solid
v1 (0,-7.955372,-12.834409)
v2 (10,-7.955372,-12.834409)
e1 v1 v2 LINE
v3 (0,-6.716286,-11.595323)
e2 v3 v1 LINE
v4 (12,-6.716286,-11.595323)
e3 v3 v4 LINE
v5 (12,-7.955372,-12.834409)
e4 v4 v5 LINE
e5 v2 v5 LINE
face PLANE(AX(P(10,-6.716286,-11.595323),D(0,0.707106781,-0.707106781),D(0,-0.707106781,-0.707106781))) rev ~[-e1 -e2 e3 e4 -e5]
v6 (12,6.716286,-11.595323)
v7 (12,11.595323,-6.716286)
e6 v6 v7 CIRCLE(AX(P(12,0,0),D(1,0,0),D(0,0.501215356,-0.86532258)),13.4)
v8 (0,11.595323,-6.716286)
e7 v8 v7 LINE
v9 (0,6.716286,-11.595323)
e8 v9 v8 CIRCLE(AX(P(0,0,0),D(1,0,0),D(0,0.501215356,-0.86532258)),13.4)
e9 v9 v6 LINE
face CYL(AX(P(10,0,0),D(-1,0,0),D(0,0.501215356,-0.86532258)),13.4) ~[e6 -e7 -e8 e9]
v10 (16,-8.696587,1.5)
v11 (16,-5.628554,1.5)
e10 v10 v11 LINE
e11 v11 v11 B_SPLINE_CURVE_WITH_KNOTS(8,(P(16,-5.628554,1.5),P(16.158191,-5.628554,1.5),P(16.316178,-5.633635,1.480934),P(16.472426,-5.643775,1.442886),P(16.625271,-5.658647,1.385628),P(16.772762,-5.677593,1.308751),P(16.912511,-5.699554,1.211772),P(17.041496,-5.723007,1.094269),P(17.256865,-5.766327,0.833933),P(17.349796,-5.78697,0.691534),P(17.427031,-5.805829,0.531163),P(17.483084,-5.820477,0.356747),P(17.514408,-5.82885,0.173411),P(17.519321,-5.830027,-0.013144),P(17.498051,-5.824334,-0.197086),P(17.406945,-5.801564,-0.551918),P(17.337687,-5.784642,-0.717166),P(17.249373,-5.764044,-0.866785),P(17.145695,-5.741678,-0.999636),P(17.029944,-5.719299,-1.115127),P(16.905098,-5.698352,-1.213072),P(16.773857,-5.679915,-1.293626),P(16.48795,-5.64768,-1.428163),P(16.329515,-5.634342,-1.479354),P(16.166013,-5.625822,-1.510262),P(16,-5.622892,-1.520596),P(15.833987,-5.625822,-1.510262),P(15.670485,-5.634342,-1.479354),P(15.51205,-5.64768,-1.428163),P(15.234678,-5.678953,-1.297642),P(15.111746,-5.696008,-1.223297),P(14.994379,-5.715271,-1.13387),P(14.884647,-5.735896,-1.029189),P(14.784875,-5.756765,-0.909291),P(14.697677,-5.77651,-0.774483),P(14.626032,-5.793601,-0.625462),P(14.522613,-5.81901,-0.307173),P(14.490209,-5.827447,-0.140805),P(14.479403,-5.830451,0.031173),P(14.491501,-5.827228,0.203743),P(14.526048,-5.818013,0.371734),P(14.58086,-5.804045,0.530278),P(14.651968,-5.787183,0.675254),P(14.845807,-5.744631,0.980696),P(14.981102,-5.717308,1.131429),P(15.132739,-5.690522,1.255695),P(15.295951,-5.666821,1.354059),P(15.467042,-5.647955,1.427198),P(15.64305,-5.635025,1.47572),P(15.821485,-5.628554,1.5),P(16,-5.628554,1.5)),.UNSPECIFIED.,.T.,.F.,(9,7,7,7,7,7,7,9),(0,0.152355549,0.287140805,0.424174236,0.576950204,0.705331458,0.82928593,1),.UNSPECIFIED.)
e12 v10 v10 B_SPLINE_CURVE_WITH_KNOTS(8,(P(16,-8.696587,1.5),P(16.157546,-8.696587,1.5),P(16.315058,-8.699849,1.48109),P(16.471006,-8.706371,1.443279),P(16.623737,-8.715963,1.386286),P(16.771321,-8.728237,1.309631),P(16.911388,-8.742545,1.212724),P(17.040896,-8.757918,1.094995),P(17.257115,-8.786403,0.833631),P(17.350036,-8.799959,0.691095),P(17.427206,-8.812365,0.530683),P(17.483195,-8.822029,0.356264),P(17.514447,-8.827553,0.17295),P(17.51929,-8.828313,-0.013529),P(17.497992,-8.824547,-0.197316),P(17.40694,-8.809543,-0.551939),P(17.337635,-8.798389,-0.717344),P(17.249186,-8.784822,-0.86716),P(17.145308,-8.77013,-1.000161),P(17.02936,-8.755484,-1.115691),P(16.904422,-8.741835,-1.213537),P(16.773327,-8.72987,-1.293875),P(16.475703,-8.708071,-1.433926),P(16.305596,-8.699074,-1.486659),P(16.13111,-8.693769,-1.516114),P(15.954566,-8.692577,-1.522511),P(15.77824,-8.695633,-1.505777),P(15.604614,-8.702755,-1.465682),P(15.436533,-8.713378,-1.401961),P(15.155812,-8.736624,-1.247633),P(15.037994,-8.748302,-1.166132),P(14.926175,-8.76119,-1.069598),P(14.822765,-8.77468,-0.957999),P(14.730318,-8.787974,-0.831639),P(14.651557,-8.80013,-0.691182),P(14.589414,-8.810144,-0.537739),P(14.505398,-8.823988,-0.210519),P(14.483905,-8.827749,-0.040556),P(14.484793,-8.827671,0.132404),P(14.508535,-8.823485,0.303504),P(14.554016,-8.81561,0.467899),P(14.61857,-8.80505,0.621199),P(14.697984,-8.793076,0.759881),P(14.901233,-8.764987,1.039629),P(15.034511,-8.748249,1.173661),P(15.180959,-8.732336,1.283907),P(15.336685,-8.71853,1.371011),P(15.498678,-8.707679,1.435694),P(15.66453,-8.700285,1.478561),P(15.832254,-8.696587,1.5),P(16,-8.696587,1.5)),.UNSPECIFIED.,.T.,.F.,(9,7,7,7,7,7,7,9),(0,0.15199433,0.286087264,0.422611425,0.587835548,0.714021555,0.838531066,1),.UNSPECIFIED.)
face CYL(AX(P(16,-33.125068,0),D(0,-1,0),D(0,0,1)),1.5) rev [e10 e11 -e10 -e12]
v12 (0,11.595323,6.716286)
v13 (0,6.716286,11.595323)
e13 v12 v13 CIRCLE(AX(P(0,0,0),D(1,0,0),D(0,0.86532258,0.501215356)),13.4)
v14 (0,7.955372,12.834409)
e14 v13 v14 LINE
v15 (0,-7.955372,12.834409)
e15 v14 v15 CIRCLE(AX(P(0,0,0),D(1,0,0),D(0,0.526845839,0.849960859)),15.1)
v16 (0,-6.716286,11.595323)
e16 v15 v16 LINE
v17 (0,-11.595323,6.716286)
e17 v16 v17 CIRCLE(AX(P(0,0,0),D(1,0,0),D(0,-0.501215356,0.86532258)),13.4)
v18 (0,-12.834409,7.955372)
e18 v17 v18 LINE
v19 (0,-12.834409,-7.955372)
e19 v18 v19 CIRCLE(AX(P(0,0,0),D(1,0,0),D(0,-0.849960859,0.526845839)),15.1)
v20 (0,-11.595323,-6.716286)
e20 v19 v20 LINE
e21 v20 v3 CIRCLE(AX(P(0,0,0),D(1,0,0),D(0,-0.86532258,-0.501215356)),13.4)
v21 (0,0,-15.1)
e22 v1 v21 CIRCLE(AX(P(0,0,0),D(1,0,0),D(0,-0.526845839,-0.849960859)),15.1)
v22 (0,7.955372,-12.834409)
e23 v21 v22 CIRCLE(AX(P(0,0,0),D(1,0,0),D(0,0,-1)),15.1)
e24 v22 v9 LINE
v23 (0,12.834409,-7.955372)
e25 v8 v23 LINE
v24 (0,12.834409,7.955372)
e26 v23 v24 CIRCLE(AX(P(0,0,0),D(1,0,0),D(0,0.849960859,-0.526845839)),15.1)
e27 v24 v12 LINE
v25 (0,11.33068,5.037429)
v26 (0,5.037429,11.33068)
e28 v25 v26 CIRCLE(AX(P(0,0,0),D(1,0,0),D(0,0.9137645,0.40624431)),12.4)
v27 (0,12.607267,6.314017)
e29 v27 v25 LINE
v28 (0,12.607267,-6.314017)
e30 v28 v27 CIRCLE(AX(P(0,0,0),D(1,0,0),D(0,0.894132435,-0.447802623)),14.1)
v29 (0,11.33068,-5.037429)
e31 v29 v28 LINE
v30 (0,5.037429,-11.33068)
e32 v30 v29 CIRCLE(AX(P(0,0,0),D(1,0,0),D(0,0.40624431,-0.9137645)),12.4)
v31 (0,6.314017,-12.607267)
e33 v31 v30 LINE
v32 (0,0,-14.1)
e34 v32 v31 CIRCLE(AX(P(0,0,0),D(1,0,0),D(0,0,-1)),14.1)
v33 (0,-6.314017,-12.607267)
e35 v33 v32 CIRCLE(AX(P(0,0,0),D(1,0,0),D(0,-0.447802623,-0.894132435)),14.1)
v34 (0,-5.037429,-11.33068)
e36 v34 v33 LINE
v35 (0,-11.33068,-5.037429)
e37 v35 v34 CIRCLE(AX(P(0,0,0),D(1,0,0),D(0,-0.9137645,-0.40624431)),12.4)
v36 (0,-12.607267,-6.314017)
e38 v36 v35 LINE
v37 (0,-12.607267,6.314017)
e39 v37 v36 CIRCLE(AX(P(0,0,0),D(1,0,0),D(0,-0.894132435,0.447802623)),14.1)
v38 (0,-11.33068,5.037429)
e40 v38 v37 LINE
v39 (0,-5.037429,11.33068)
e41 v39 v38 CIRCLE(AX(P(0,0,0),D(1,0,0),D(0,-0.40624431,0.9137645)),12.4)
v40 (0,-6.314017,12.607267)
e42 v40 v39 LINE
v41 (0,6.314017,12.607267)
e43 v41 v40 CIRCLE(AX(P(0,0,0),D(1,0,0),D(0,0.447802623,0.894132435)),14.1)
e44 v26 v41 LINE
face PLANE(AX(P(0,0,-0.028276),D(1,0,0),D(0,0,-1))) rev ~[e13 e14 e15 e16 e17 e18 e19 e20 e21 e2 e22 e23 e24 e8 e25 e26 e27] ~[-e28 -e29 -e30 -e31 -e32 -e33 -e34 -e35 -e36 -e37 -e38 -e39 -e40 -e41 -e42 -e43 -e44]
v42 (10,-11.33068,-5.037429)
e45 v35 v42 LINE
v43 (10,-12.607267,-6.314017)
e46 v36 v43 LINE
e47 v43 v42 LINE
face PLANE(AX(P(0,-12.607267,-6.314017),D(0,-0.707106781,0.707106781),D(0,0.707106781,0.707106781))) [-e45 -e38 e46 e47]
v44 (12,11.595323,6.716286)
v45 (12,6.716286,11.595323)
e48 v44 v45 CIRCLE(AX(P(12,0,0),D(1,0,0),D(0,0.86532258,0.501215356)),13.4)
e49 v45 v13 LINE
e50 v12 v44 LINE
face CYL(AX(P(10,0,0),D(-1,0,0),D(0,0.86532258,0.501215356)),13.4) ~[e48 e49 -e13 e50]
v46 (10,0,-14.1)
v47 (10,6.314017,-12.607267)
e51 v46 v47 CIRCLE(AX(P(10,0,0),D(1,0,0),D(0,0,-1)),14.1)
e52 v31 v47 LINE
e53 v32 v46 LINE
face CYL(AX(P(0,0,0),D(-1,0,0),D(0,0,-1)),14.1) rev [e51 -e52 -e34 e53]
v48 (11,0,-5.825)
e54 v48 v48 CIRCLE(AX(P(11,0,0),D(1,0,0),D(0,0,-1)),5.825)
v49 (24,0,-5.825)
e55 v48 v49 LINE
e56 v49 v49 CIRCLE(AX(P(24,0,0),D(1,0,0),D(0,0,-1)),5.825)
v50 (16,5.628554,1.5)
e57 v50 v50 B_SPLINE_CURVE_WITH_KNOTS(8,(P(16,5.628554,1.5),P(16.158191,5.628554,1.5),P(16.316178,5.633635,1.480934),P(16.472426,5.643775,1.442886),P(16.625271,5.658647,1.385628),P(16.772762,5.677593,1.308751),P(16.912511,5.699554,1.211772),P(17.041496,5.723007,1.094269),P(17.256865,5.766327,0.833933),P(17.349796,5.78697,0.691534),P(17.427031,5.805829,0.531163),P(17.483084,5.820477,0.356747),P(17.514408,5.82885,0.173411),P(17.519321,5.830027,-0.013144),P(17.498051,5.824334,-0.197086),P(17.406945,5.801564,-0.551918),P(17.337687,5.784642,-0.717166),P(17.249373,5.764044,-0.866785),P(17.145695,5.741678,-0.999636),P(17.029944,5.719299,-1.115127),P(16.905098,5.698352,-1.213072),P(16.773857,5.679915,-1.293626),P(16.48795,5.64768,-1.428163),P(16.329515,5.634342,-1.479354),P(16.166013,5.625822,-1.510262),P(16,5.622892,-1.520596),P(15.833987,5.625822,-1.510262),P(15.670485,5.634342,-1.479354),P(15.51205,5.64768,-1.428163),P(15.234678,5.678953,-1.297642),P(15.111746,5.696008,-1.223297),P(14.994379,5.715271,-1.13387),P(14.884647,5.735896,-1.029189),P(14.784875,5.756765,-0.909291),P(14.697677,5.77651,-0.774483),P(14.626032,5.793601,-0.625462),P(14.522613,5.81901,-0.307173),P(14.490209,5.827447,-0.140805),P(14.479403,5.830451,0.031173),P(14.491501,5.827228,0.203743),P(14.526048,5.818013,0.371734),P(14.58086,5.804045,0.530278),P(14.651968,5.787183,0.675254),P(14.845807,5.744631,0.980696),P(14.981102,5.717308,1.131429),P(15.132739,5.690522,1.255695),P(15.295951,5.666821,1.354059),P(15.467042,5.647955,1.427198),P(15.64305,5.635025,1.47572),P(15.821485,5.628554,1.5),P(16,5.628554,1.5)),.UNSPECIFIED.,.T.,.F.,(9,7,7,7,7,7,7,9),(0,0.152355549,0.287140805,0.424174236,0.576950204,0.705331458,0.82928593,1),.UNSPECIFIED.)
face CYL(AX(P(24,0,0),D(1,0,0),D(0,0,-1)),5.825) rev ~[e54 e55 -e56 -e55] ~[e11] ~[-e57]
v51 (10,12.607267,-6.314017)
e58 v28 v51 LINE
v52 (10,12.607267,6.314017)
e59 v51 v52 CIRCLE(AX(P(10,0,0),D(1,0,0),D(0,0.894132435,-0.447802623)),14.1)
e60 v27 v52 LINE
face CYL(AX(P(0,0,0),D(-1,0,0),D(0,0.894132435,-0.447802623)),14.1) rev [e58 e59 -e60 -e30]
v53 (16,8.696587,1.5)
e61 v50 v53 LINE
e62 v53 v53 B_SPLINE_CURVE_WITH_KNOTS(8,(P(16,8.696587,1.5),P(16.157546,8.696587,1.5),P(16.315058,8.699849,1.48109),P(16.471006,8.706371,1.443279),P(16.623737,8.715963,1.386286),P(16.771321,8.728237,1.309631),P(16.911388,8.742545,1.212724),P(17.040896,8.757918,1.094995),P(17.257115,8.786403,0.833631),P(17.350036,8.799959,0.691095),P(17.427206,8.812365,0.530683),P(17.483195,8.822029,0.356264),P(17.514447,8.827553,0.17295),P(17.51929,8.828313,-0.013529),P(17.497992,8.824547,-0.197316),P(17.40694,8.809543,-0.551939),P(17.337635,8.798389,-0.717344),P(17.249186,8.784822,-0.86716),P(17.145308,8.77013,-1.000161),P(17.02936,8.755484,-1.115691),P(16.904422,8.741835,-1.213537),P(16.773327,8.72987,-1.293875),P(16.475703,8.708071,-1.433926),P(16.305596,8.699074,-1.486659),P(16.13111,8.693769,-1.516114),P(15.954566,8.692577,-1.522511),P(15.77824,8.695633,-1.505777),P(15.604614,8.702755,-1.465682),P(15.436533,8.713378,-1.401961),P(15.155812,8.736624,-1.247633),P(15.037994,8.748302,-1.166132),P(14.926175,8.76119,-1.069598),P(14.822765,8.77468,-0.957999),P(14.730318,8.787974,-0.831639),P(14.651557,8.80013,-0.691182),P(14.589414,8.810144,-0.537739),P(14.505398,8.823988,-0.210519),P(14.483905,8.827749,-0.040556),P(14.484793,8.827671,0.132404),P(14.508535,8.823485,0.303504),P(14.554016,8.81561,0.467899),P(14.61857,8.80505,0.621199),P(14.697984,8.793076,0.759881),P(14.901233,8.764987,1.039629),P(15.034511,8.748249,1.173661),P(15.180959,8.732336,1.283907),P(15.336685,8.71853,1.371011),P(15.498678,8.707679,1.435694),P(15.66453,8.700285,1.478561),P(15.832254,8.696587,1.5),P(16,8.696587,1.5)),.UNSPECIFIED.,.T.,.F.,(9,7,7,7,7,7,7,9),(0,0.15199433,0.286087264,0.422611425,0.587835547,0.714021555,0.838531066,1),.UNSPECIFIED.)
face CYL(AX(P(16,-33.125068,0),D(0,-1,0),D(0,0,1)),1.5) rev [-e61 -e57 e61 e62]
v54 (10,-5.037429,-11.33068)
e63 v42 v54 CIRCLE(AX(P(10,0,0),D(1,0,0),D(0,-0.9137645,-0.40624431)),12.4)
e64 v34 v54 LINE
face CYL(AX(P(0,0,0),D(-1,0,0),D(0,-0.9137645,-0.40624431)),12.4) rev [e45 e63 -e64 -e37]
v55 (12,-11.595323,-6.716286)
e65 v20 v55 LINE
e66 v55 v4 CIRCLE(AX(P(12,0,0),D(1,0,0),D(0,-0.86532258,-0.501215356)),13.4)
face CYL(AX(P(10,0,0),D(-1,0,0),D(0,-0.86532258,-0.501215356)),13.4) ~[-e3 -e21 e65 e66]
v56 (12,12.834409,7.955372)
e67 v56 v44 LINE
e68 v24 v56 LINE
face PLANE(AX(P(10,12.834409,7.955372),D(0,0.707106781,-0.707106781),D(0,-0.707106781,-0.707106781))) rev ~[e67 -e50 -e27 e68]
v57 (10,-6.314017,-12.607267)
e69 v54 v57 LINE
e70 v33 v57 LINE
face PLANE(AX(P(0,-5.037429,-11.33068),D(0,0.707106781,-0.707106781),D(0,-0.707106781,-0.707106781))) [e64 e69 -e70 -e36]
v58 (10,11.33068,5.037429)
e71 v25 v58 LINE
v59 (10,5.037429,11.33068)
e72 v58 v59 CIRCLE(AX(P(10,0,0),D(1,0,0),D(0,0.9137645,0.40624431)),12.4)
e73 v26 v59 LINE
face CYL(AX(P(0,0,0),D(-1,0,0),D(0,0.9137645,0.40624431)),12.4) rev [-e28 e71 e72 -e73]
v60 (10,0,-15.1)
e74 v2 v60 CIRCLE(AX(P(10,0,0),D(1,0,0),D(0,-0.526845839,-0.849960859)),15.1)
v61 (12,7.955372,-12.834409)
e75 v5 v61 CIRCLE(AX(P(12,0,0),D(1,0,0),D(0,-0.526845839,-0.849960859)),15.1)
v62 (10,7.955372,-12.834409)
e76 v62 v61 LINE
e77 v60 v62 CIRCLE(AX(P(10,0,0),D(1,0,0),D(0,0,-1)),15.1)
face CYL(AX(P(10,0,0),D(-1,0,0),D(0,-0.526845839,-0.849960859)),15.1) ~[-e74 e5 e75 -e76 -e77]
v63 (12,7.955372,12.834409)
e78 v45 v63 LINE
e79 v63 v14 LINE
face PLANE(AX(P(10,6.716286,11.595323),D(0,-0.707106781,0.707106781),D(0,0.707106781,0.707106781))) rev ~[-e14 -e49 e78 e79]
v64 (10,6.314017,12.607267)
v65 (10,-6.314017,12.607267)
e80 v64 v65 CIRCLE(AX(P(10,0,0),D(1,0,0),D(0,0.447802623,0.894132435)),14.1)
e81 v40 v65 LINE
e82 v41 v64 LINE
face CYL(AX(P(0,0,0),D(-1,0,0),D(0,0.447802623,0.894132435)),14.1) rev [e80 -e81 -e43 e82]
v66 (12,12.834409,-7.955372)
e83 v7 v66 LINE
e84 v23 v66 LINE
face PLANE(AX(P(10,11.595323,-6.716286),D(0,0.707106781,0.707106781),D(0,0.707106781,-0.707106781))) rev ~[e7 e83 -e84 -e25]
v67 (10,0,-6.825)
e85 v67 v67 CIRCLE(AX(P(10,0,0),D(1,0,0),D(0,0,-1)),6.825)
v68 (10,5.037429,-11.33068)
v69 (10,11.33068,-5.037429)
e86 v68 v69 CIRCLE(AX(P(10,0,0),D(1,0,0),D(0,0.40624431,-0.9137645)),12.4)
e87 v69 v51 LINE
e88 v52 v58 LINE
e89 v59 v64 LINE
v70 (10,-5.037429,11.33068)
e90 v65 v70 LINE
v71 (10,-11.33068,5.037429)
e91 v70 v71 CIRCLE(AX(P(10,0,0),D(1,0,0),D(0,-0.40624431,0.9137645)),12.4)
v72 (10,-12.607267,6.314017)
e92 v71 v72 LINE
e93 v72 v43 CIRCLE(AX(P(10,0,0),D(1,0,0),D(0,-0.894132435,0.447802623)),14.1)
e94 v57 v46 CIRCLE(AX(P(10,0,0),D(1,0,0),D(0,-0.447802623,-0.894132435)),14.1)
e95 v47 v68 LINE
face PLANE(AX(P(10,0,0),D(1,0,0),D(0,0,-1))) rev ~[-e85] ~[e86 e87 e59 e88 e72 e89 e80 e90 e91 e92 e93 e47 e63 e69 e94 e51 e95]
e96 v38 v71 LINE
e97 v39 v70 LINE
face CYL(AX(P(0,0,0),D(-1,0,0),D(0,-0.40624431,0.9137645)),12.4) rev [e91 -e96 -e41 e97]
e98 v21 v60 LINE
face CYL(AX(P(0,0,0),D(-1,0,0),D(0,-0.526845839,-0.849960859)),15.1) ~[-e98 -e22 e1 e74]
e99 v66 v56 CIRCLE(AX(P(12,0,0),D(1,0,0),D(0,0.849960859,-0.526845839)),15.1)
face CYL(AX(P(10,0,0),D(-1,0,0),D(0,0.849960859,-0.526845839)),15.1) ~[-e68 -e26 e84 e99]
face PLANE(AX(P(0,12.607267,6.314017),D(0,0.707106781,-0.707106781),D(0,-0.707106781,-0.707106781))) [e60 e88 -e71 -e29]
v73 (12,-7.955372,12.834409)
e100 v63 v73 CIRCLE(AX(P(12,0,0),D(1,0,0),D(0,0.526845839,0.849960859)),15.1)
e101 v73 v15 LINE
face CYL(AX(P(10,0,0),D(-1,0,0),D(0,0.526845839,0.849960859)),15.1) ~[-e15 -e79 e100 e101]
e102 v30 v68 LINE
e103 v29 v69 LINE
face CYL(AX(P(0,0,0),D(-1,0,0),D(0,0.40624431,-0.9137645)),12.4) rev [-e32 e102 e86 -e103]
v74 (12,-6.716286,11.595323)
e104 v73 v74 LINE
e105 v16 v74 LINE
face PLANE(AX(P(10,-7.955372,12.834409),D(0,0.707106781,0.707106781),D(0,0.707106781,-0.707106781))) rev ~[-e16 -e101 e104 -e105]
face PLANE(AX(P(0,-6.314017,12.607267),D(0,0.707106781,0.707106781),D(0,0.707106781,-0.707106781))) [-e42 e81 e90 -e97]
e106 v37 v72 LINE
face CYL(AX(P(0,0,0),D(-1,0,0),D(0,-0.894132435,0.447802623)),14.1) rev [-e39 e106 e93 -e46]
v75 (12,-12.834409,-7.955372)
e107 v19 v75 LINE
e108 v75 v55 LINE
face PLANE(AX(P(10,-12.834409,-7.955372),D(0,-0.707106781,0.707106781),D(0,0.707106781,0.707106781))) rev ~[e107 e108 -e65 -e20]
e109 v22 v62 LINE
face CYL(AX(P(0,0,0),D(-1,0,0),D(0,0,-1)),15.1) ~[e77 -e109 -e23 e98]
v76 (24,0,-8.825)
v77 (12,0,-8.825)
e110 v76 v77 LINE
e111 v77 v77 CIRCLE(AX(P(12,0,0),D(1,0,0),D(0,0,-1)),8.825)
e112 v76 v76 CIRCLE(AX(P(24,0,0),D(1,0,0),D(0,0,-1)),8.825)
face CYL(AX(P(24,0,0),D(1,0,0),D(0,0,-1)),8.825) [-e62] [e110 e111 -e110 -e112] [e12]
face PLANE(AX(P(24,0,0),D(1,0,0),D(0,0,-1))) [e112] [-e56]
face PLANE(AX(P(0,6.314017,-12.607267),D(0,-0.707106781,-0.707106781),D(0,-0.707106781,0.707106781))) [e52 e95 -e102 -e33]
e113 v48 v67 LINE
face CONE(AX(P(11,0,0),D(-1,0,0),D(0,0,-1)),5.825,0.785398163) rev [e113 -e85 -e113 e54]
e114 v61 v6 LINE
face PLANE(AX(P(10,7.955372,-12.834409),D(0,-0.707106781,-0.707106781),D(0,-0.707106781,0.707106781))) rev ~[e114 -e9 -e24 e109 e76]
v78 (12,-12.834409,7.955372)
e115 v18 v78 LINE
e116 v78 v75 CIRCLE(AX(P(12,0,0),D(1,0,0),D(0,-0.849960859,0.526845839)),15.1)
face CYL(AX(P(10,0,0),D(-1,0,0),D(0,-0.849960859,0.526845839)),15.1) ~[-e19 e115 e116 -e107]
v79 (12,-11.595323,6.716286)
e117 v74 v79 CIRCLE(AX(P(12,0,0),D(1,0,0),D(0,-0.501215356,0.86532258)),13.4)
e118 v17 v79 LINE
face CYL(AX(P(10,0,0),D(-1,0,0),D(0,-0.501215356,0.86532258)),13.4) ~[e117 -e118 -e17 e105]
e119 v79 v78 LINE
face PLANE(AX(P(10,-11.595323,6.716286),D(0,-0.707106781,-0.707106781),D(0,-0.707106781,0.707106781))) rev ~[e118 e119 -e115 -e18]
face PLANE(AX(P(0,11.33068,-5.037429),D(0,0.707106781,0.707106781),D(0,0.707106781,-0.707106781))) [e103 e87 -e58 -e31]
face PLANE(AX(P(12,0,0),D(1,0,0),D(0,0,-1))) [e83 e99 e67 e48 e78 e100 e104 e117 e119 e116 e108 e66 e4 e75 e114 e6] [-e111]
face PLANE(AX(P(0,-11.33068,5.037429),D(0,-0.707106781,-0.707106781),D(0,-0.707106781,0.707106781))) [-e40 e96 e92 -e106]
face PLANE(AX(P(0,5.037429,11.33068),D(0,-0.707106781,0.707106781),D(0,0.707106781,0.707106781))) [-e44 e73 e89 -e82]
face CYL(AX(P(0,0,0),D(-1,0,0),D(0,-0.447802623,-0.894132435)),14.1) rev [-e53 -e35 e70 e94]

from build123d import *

# Parameters (mm, degrees)
BOSS_EXTRUDE2_DEPTH     = 10
BOSS_EXTRUDE3_DEPTH     = 2
SKETCH3_R               = 5.825
CUT_EXTRUDE1_DEPTH      = 2
BOSS_EXTRUDE4_START     = 12
SKETCH4_R               = 8.825
SKETCH4_R_2             = 5.825
BOSS_EXTRUDE4_DEPTH     = 12
CUT_EXTRUDE2_DEPTH      = 33.125068093
CUT_EXTRUDE2_DEPTH_BACK = 33.125068093
SKETCH5_R               = 1.5
CHAMFER1_SIZE           = 1


with BuildPart() as part:
    # Sketch1 → Boss-Extrude2 (new body)
    with BuildSketch(Plane(origin=(0, 0, 0), x_dir=(0, 0, -1), z_dir=(1, 0, 0))):
        with BuildLine():
            Line((-11.595322565, 6.716285775), (-12.834408967, 7.955372177))
            ThreePointArc((-12.834408967, 7.955372177), (-15.1, 0), (-12.834408967, -7.955372177))
            Line((-12.834408967, -7.955372177), (-11.595322565, -6.716285775))
            ThreePointArc((-11.595322565, -6.716285775), (-9.475230868, -9.475230868), (-6.716285775, -11.595322565))
            Line((-6.716285775, -11.595322565), (-7.955372177, -12.834408967))
            ThreePointArc((-7.955372177, -12.834408967), (0, -15.1), (7.955372177, -12.834408967))
            Line((7.955372177, -12.834408967), (6.716285775, -11.595322565))
            ThreePointArc((6.716285775, -11.595322565), (9.475230868, -9.475230868), (11.595322565, -6.716285775))
            Line((11.595322565, -6.716285775), (12.834408967, -7.955372177))
            ThreePointArc((12.834408967, -7.955372177), (14.522561334, -4.135844811), (15.1, 0))
            ThreePointArc((15.1, 0), (14.522561334, 4.135844811), (12.834408967, 7.955372177))
            Line((12.834408967, 7.955372177), (11.595322565, 6.716285775))
            ThreePointArc((11.595322565, 6.716285775), (9.475230868, 9.475230868), (6.716285775, 11.595322565))
            Line((6.716285775, 11.595322565), (7.955372177, 12.834408967))
            ThreePointArc((7.955372177, 12.834408967), (0, 15.1), (-7.955372177, 12.834408967))
            Line((-7.955372177, 12.834408967), (-6.716285775, 11.595322565))
            ThreePointArc((-6.716285775, 11.595322565), (-9.475230868, 9.475230868), (-11.595322565, 6.716285775))
        make_face()
        with BuildLine():
            Line((-11.330679795, 5.037429442), (-12.607267332, 6.31401698))
            ThreePointArc((-12.607267332, 6.31401698), (-14.1, 0), (-12.607267332, -6.31401698))
            Line((-12.607267332, -6.31401698), (-11.330679795, -5.037429442))
            ThreePointArc((-11.330679795, -5.037429442), (-8.768124087, -8.768124087), (-5.037429442, -11.330679795))
            Line((-5.037429442, -11.330679795), (-6.31401698, -12.607267332))
            ThreePointArc((-6.31401698, -12.607267332), (0, -14.1), (6.31401698, -12.607267332))
            Line((6.31401698, -12.607267332), (5.037429442, -11.330679795))
            ThreePointArc((5.037429442, -11.330679795), (8.768124087, -8.768124087), (11.330679795, -5.037429442))
            Line((11.330679795, -5.037429442), (12.607267332, -6.31401698))
            ThreePointArc((12.607267332, -6.31401698), (13.721743136, -3.244035343), (14.1, 0))
            ThreePointArc((14.1, 0), (13.721743136, 3.244035343), (12.607267332, 6.31401698))
            Line((12.607267332, 6.31401698), (11.330679795, 5.037429442))
            ThreePointArc((11.330679795, 5.037429442), (8.768124087, 8.768124087), (5.037429442, 11.330679795))
            Line((5.037429442, 11.330679795), (6.31401698, 12.607267332))
            ThreePointArc((6.31401698, 12.607267332), (0, 14.1), (-6.31401698, 12.607267332))
            Line((-6.31401698, 12.607267332), (-5.037429442, 11.330679795))
            ThreePointArc((-5.037429442, 11.330679795), (-8.768124087, 8.768124087), (-11.330679795, 5.037429442))
        make_face(mode=Mode.SUBTRACT)
    extrude(amount=BOSS_EXTRUDE2_DEPTH)

    # Sketch2 → Boss-Extrude3 (add)
    with BuildSketch(Plane(origin=(10, 0, 0), x_dir=(0, 0, -1), z_dir=(1, 0, 0))):
        with BuildLine():
            Line((-12.834408967, -7.955372177), (-11.595322565, -6.716285775))
            ThreePointArc((-11.595322565, -6.716285775), (-9.475230868, -9.475230868), (-6.716285775, -11.595322565))
            Line((-6.716285775, -11.595322565), (-7.955372177, -12.834408967))
            ThreePointArc((-7.955372177, -12.834408967), (0, -15.1), (7.955372177, -12.834408967))
            Line((7.955372177, -12.834408967), (6.716285775, -11.595322565))
            ThreePointArc((6.716285775, -11.595322565), (9.475230868, -9.475230868), (11.595322565, -6.716285775))
            Line((11.595322565, -6.716285775), (12.834408967, -7.955372177))
            ThreePointArc((12.834408967, -7.955372177), (15.1, 0), (12.834408967, 7.955372177))
            Line((12.834408967, 7.955372177), (11.595322565, 6.716285775))
            ThreePointArc((11.595322565, 6.716285775), (9.475230868, 9.475230868), (6.716285775, 11.595322565))
            Line((6.716285775, 11.595322565), (7.955372177, 12.834408967))
            ThreePointArc((7.955372177, 12.834408967), (0, 15.1), (-7.955372177, 12.834408967))
            Line((-7.955372177, 12.834408967), (-6.716285775, 11.595322565))
            ThreePointArc((-6.716285775, 11.595322565), (-9.475230868, 9.475230868), (-11.595322565, 6.716285775))
            Line((-11.595322565, 6.716285775), (-12.834408967, 7.955372177))
            ThreePointArc((-12.834408967, 7.955372177), (-15.1, 0), (-12.834408967, -7.955372177))
        make_face()
    extrude(amount=BOSS_EXTRUDE3_DEPTH)

    # Sketch3 → Cut-Extrude1 (cut)
    with BuildSketch(Plane(origin=(12, 0, 0), x_dir=(0, 0, -1), z_dir=(1, 0, 0))):
        Circle(SKETCH3_R)
    extrude(amount=-CUT_EXTRUDE1_DEPTH, mode=Mode.SUBTRACT)

    # Sketch4 → Boss-Extrude4 (add)
    with BuildSketch(Plane(origin=(12, 0, 0), x_dir=(0, 0, -1), z_dir=(1, 0, 0)).offset(BOSS_EXTRUDE4_START)):
        Circle(SKETCH4_R)
        Circle(SKETCH4_R_2, mode=Mode.SUBTRACT)
    extrude(amount=-BOSS_EXTRUDE4_DEPTH)

    # Sketch5 → Cut-Extrude2 (cut, two sides: drawn at the far end of the back side and taken through both)
    with BuildSketch(Plane(origin=(0, 0, 0), x_dir=(1, 0, 0), z_dir=(0, 1, 0)).offset(-CUT_EXTRUDE2_DEPTH_BACK)):
        with Locations(Location((16, 0, 0), (0, 0, 270))):
            Circle(SKETCH5_R)
    extrude(amount=CUT_EXTRUDE2_DEPTH + CUT_EXTRUDE2_DEPTH_BACK, mode=Mode.SUBTRACT)

    # Chamfer1
    chamfer1_edges = [part.edges().sort_by_distance(p)[0] for p in [
        (10, 0, 5.825),
    ]]
    chamfer(chamfer1_edges, length=CHAMFER1_SIZE)


solid = part.part
